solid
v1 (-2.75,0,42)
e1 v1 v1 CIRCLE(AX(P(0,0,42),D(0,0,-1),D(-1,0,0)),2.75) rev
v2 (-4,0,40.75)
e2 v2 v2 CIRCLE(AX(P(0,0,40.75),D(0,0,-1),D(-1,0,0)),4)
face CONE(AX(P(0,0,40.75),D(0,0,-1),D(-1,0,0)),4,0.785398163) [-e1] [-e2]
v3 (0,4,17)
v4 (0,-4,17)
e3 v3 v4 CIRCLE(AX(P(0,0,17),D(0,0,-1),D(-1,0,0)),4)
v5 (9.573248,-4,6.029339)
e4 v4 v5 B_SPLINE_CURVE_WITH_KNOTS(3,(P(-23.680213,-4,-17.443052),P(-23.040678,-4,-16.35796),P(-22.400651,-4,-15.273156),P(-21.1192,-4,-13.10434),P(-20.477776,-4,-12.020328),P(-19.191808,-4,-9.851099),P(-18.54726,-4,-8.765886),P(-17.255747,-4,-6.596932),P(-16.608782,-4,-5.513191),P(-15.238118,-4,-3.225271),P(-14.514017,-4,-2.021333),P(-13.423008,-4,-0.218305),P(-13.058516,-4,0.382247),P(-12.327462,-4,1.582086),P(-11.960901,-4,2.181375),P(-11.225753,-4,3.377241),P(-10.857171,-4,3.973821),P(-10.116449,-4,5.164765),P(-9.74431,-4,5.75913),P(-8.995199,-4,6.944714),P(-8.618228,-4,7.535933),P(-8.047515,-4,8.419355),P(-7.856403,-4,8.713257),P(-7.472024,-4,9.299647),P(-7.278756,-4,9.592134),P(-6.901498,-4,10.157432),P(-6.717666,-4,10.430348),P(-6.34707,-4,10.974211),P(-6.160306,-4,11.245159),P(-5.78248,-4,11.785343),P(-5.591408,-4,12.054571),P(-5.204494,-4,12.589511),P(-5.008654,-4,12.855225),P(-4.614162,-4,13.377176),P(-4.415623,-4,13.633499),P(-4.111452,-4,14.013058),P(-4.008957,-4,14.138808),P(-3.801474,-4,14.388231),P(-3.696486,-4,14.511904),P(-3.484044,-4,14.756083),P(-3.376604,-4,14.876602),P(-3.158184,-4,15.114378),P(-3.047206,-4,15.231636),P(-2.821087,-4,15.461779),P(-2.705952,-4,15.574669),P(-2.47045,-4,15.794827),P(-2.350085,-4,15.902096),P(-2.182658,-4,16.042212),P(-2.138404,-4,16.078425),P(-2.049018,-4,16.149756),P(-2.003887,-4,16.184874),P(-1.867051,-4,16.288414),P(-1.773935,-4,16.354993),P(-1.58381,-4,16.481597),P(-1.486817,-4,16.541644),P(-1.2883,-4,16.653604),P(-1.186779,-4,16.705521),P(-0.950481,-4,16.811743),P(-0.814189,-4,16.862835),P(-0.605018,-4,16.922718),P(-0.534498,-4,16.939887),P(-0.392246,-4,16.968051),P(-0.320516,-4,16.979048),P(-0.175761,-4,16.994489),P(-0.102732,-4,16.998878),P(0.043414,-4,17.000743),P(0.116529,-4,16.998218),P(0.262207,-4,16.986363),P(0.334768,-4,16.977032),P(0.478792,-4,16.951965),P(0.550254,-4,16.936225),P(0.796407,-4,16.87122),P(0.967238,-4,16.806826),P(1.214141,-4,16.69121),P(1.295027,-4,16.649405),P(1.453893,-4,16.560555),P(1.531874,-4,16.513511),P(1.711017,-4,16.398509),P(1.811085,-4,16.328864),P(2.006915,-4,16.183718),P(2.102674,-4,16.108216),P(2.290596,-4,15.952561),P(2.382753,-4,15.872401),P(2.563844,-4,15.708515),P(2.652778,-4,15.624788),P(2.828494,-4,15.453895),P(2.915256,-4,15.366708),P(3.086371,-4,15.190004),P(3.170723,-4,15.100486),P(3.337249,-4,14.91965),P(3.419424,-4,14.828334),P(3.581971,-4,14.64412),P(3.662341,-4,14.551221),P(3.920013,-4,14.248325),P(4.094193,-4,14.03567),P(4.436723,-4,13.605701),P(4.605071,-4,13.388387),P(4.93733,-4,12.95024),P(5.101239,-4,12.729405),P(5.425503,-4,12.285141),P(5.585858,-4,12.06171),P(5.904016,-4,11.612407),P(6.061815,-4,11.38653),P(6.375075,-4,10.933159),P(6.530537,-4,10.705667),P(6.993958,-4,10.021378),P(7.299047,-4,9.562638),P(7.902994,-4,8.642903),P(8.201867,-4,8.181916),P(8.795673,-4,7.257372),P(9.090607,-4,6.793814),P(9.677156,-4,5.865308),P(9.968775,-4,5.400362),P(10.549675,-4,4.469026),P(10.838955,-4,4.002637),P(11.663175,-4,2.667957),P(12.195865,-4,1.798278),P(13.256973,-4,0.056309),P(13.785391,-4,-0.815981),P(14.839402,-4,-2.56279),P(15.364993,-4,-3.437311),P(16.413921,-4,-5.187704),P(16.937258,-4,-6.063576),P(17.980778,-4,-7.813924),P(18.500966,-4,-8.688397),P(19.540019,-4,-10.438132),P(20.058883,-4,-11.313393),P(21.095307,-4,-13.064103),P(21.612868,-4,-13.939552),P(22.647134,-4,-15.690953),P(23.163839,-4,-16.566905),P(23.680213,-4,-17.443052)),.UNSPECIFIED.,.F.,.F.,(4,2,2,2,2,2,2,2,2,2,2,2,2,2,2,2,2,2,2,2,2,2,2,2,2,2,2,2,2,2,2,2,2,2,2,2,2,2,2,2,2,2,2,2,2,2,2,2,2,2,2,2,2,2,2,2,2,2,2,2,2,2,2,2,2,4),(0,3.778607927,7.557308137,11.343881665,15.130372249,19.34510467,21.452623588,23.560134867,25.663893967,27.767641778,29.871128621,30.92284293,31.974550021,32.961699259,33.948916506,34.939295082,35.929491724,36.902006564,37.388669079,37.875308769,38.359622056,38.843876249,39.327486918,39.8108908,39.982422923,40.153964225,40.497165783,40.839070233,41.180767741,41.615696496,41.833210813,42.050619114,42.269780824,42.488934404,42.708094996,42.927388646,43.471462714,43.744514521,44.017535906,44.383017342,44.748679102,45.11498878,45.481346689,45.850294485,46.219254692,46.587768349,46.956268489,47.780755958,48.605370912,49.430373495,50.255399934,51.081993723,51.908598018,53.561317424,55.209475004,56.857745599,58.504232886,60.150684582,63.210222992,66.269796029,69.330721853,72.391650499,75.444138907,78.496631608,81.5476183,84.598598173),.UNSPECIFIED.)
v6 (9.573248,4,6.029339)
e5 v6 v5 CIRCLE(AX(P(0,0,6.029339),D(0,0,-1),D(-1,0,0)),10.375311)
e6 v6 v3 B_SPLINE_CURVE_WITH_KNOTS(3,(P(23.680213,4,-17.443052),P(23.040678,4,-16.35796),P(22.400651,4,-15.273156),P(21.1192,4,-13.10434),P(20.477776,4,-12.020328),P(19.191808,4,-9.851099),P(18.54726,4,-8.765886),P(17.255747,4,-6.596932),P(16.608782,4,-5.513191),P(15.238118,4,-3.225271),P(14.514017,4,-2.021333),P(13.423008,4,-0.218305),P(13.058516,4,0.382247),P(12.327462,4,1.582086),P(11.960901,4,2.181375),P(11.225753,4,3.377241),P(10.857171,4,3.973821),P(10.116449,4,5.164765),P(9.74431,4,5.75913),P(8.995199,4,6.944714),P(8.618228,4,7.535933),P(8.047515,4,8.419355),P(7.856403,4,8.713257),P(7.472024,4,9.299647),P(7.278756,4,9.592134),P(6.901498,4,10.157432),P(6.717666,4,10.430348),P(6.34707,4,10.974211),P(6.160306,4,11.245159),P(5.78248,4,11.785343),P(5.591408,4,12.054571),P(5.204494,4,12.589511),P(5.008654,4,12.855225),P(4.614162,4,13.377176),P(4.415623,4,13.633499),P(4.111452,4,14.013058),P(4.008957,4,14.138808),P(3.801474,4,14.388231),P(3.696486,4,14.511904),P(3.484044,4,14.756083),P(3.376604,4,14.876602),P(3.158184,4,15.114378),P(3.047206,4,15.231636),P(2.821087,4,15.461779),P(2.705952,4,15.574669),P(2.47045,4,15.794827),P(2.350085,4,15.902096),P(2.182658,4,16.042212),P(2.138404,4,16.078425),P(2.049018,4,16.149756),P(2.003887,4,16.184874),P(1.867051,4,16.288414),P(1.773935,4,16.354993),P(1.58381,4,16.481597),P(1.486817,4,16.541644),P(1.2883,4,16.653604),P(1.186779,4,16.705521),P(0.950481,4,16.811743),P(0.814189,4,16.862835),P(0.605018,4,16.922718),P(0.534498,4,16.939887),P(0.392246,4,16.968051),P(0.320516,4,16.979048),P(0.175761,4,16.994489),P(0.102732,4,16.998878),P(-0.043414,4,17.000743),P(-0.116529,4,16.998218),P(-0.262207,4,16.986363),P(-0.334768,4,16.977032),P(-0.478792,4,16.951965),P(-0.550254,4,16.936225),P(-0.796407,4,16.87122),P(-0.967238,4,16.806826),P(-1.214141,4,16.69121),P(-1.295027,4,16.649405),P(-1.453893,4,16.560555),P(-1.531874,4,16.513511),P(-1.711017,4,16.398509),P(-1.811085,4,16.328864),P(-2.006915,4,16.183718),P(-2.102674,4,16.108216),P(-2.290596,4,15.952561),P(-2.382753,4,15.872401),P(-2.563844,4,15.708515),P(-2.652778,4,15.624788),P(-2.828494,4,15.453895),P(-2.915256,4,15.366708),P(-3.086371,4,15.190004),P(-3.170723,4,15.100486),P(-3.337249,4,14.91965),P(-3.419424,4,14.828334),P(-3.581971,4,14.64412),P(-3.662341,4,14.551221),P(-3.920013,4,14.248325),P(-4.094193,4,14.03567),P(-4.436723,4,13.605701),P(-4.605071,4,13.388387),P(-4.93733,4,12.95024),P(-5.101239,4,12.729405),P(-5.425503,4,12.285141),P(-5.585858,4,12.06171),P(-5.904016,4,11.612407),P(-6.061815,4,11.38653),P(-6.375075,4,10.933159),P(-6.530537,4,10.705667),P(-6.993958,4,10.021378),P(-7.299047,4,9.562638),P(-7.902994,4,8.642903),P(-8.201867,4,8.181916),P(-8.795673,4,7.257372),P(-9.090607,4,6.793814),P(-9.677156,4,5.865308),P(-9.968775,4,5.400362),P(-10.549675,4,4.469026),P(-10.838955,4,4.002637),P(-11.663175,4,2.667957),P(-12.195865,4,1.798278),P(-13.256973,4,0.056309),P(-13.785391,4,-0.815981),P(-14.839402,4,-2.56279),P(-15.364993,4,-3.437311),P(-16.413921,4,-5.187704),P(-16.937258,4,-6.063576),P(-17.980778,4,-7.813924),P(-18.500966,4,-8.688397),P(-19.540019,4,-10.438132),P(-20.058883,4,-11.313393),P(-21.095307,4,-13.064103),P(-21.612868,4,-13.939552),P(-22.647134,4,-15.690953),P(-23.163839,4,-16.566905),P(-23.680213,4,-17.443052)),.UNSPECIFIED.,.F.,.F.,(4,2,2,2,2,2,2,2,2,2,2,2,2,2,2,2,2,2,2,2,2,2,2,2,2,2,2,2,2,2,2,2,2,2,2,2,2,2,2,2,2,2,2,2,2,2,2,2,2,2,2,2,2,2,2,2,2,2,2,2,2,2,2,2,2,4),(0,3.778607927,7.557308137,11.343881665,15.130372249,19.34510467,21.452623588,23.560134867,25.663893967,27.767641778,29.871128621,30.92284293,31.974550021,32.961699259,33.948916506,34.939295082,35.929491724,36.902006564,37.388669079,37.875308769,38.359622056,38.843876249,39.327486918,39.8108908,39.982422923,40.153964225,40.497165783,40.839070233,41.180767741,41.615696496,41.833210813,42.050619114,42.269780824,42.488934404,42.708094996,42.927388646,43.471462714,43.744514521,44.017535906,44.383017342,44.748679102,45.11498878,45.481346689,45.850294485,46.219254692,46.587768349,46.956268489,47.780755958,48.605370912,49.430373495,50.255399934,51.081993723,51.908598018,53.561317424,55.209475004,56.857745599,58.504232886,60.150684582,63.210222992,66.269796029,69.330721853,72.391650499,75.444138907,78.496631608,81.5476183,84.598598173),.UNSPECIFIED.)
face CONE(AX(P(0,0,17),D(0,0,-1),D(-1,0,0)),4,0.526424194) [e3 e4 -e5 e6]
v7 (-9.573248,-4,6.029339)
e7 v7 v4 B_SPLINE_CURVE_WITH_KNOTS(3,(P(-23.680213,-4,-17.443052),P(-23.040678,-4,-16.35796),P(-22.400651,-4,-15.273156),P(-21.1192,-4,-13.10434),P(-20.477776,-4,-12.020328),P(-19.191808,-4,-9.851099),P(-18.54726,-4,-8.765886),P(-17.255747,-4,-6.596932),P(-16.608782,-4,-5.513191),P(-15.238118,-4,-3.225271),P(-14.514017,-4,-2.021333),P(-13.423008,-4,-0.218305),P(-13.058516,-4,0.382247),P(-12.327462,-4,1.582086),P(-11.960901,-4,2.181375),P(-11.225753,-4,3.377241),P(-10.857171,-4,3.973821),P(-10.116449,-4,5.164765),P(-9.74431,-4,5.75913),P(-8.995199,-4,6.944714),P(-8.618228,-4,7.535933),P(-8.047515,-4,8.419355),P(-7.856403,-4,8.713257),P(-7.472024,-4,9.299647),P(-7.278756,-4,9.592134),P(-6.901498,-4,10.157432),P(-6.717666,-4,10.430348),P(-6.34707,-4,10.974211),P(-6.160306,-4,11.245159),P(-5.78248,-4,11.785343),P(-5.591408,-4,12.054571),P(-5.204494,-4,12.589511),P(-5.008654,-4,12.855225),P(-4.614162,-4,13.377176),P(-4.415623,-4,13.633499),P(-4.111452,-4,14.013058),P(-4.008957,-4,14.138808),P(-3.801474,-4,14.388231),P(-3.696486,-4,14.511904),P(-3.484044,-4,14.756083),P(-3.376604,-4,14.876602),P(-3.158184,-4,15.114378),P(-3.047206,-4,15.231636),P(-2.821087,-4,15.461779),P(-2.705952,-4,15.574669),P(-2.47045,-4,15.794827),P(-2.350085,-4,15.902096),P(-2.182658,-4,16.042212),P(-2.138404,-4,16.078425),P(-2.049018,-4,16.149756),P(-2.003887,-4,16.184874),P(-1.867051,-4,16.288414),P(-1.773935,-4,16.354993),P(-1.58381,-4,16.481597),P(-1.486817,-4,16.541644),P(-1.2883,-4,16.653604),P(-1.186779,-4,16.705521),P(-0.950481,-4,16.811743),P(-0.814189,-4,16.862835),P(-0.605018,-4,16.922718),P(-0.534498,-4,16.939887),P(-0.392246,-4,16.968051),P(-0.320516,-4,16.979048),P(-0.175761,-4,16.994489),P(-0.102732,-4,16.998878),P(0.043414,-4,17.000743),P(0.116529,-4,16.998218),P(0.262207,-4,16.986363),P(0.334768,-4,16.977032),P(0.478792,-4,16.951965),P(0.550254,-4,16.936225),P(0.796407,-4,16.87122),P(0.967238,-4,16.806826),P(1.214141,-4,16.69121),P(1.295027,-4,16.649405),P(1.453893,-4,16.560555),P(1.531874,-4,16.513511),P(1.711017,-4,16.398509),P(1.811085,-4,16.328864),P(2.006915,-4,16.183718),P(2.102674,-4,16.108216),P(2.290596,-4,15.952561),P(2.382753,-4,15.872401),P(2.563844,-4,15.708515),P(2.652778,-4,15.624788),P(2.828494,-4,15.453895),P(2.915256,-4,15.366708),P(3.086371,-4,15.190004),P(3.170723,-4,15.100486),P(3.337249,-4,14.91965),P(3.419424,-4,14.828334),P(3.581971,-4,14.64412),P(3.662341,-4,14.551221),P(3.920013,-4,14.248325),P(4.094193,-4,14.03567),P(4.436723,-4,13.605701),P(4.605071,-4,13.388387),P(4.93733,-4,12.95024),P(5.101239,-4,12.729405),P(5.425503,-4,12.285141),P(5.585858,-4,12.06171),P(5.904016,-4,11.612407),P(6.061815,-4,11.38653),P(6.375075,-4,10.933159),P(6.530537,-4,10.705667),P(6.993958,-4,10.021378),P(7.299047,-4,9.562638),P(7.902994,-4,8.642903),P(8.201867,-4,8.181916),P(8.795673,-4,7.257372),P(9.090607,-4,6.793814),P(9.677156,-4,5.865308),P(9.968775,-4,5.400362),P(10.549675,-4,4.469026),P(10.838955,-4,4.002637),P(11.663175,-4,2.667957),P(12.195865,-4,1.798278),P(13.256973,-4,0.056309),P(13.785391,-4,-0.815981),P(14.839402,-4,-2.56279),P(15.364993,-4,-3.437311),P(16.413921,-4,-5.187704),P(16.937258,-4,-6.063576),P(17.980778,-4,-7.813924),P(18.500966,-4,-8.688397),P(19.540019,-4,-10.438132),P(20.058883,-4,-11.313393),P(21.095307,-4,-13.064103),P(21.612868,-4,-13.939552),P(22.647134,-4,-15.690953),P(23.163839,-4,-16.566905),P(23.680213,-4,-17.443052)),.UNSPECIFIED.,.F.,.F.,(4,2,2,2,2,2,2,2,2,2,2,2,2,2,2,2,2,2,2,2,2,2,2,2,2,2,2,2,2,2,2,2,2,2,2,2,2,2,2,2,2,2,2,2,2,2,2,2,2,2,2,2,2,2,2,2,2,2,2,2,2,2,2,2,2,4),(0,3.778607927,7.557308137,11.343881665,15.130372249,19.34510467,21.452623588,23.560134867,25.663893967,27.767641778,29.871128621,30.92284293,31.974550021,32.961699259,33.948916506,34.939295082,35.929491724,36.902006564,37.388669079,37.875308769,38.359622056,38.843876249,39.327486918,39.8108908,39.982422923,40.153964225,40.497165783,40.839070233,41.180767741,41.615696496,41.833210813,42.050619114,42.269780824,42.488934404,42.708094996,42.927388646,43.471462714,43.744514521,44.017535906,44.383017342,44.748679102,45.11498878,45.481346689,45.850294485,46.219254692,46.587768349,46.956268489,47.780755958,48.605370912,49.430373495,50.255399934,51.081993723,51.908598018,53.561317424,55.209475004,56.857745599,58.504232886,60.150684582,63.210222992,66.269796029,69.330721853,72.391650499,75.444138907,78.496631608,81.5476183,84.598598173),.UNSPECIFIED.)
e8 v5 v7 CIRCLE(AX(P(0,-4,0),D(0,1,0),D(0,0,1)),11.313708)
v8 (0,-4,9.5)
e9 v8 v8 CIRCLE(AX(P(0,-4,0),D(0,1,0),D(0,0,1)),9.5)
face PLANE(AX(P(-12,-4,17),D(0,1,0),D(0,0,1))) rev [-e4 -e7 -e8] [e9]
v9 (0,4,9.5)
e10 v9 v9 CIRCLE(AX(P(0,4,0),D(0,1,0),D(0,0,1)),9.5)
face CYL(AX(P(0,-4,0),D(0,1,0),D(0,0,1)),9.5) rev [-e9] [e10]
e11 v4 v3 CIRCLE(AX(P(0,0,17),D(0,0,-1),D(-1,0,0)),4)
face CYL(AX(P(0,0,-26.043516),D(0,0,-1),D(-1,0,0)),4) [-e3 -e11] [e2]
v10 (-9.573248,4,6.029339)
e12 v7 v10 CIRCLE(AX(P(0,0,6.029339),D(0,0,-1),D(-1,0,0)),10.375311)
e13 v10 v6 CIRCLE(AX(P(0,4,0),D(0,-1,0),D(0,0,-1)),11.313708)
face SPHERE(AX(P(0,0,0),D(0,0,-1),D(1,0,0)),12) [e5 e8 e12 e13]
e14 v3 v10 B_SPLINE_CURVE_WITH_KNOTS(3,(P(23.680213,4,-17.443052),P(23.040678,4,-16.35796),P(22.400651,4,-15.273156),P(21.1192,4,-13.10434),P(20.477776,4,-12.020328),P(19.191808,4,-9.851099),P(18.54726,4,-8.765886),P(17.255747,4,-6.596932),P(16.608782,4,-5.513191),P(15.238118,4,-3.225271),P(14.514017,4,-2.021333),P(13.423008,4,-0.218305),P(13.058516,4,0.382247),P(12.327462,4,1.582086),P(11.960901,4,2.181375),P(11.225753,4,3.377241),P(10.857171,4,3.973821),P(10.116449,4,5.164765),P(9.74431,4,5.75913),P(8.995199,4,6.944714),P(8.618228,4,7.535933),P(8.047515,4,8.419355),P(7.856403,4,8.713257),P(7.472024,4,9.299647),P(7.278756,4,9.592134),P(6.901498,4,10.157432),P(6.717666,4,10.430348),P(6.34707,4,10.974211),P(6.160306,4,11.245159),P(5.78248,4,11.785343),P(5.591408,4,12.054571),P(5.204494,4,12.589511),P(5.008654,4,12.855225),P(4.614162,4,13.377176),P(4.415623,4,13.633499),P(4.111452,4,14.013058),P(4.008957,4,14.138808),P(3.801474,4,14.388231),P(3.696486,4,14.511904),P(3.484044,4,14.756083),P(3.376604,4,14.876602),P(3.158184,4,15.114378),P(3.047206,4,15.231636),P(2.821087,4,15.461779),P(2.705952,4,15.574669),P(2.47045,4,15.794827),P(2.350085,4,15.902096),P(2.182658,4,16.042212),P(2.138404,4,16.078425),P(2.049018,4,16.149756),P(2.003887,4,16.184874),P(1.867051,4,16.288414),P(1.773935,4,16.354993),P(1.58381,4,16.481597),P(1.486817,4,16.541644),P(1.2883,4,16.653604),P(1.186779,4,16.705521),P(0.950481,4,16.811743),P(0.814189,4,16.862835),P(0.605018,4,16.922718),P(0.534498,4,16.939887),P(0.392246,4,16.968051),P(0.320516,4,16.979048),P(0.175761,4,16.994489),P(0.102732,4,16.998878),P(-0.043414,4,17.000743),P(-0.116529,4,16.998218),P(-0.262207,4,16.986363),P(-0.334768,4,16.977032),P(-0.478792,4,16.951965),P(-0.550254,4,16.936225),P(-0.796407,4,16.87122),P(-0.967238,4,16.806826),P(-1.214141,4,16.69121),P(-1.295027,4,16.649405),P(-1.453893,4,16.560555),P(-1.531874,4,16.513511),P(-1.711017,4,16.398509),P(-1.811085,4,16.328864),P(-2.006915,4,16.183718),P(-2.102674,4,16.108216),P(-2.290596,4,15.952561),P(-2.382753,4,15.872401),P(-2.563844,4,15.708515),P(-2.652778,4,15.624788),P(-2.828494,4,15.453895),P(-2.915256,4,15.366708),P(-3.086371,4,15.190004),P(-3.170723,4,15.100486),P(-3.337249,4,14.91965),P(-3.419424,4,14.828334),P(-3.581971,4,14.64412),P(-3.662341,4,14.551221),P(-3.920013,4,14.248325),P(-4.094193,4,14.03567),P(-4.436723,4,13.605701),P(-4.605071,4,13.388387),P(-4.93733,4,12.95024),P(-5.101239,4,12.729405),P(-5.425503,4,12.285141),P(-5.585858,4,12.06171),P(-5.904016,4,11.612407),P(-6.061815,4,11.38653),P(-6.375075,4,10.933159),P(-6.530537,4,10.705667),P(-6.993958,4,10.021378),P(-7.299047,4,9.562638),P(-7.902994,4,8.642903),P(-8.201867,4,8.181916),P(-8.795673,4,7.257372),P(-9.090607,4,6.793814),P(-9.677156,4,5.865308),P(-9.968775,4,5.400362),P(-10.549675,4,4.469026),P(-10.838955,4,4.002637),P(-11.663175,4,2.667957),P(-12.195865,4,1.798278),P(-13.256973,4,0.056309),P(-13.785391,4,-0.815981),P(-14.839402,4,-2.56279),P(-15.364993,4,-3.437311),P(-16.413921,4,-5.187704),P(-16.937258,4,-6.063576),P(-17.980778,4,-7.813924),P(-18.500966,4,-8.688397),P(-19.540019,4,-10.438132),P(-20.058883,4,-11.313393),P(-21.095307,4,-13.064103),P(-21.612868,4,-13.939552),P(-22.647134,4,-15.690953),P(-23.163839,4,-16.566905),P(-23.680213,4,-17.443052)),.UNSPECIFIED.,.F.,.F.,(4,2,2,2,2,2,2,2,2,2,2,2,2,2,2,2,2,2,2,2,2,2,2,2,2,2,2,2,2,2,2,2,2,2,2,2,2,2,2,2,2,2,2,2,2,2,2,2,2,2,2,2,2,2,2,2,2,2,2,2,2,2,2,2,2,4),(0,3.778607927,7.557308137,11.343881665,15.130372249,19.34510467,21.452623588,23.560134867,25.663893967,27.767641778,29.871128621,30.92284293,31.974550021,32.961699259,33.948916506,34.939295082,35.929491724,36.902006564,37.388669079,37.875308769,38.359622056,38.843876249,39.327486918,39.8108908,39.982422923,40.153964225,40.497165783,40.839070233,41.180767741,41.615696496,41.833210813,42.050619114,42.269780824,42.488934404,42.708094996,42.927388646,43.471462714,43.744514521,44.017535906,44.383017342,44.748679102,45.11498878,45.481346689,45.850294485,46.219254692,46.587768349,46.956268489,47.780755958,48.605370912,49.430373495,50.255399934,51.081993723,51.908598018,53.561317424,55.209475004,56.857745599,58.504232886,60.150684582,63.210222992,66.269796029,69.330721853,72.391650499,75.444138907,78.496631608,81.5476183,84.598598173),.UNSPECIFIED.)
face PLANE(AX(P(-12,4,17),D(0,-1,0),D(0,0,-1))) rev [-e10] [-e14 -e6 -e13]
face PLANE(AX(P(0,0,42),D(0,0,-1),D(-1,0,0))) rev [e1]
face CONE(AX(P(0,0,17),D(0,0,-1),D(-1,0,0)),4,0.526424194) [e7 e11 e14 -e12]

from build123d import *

# Parameters (mm, degrees)
SZKIC1_W                        = 4
SZKIC1_H                        = 25
WYTNIJ_WYCI_GNI_CIE1_DEPTH      = 13
WYTNIJ_WYCI_GNI_CIE1_DEPTH_BACK = 13
SZKIC3_R                        = 9.5
WYTNIJ_WYCI_GNI_CIE2_DEPTH      = 5
WYTNIJ_WYCI_GNI_CIE2_DEPTH_BACK = 5
SFAZOWANIE1_SIZE                = 1.25


with BuildPart() as part:
    # Szkic1 → Obrót1 (revolve)
    with BuildSketch(Plane(origin=(0, 0, 0), x_dir=(1, 0, 0), z_dir=(0, 1, 0))):
        with BuildLine():
            Line((0, 12), (0, -17))
            Line((0, -17), (4, -17))
            Line((4, -17), (10.37531088, -6.029338617))
            ThreePointArc((10.37531088, -6.029338617), (10.400770726, 5.985312715), (0, 12))
        make_face()
        with Locations((2, -29.5)):
            Rectangle(SZKIC1_W, SZKIC1_H)
    revolve(axis=Axis((0, 0, -26.043516498), (0, 0, 1)))

    # Szkic2 → Wytnij-wyciągnięcie1 (cut, two sides)
    with BuildSketch(Plane(origin=(0, 0, 0), x_dir=(0, 0, -1), z_dir=(1, 0, 0))) as wytnij_wyci_gni_cie1_sk:
        with BuildLine():
            Line((-17, 4), (11.313708499, 4))
            ThreePointArc((11.313708499, 4), (4.140324681, 11.263112871), (-6.029338617, 10.37531088))
            Line((-6.029338617, 10.37531088), (-17, 4))
        make_face()
        with BuildLine():
            Line((-17, -4), (11.313708499, -4))
            ThreePointArc((11.313708499, -4), (4.140324681, -11.263112871), (-6.029338617, -10.37531088))
            Line((-6.029338617, -10.37531088), (-17, -4))
        make_face()
    extrude(amount=WYTNIJ_WYCI_GNI_CIE1_DEPTH, mode=Mode.SUBTRACT)
    extrude(wytnij_wyci_gni_cie1_sk.sketch, amount=-WYTNIJ_WYCI_GNI_CIE1_DEPTH_BACK, mode=Mode.SUBTRACT)

    # Szkic3 → Wytnij-wyciągnięcie2 (cut, two sides)
    with BuildSketch(Plane(origin=(0, 0, 0), x_dir=(1, 0, 0), z_dir=(0, 1, 0))) as wytnij_wyci_gni_cie2_sk:
        Circle(SZKIC3_R)
    extrude(amount=WYTNIJ_WYCI_GNI_CIE2_DEPTH, mode=Mode.SUBTRACT)
    extrude(wytnij_wyci_gni_cie2_sk.sketch, amount=-WYTNIJ_WYCI_GNI_CIE2_DEPTH_BACK, mode=Mode.SUBTRACT)

    # Sfazowanie1
    sfazowanie1_edges = [part.edges().sort_by_distance(p)[0] for p in [
        (-4, 0, 42),
    ]]
    chamfer(sfazowanie1_edges, length=SFAZOWANIE1_SIZE)


solid = part.part
